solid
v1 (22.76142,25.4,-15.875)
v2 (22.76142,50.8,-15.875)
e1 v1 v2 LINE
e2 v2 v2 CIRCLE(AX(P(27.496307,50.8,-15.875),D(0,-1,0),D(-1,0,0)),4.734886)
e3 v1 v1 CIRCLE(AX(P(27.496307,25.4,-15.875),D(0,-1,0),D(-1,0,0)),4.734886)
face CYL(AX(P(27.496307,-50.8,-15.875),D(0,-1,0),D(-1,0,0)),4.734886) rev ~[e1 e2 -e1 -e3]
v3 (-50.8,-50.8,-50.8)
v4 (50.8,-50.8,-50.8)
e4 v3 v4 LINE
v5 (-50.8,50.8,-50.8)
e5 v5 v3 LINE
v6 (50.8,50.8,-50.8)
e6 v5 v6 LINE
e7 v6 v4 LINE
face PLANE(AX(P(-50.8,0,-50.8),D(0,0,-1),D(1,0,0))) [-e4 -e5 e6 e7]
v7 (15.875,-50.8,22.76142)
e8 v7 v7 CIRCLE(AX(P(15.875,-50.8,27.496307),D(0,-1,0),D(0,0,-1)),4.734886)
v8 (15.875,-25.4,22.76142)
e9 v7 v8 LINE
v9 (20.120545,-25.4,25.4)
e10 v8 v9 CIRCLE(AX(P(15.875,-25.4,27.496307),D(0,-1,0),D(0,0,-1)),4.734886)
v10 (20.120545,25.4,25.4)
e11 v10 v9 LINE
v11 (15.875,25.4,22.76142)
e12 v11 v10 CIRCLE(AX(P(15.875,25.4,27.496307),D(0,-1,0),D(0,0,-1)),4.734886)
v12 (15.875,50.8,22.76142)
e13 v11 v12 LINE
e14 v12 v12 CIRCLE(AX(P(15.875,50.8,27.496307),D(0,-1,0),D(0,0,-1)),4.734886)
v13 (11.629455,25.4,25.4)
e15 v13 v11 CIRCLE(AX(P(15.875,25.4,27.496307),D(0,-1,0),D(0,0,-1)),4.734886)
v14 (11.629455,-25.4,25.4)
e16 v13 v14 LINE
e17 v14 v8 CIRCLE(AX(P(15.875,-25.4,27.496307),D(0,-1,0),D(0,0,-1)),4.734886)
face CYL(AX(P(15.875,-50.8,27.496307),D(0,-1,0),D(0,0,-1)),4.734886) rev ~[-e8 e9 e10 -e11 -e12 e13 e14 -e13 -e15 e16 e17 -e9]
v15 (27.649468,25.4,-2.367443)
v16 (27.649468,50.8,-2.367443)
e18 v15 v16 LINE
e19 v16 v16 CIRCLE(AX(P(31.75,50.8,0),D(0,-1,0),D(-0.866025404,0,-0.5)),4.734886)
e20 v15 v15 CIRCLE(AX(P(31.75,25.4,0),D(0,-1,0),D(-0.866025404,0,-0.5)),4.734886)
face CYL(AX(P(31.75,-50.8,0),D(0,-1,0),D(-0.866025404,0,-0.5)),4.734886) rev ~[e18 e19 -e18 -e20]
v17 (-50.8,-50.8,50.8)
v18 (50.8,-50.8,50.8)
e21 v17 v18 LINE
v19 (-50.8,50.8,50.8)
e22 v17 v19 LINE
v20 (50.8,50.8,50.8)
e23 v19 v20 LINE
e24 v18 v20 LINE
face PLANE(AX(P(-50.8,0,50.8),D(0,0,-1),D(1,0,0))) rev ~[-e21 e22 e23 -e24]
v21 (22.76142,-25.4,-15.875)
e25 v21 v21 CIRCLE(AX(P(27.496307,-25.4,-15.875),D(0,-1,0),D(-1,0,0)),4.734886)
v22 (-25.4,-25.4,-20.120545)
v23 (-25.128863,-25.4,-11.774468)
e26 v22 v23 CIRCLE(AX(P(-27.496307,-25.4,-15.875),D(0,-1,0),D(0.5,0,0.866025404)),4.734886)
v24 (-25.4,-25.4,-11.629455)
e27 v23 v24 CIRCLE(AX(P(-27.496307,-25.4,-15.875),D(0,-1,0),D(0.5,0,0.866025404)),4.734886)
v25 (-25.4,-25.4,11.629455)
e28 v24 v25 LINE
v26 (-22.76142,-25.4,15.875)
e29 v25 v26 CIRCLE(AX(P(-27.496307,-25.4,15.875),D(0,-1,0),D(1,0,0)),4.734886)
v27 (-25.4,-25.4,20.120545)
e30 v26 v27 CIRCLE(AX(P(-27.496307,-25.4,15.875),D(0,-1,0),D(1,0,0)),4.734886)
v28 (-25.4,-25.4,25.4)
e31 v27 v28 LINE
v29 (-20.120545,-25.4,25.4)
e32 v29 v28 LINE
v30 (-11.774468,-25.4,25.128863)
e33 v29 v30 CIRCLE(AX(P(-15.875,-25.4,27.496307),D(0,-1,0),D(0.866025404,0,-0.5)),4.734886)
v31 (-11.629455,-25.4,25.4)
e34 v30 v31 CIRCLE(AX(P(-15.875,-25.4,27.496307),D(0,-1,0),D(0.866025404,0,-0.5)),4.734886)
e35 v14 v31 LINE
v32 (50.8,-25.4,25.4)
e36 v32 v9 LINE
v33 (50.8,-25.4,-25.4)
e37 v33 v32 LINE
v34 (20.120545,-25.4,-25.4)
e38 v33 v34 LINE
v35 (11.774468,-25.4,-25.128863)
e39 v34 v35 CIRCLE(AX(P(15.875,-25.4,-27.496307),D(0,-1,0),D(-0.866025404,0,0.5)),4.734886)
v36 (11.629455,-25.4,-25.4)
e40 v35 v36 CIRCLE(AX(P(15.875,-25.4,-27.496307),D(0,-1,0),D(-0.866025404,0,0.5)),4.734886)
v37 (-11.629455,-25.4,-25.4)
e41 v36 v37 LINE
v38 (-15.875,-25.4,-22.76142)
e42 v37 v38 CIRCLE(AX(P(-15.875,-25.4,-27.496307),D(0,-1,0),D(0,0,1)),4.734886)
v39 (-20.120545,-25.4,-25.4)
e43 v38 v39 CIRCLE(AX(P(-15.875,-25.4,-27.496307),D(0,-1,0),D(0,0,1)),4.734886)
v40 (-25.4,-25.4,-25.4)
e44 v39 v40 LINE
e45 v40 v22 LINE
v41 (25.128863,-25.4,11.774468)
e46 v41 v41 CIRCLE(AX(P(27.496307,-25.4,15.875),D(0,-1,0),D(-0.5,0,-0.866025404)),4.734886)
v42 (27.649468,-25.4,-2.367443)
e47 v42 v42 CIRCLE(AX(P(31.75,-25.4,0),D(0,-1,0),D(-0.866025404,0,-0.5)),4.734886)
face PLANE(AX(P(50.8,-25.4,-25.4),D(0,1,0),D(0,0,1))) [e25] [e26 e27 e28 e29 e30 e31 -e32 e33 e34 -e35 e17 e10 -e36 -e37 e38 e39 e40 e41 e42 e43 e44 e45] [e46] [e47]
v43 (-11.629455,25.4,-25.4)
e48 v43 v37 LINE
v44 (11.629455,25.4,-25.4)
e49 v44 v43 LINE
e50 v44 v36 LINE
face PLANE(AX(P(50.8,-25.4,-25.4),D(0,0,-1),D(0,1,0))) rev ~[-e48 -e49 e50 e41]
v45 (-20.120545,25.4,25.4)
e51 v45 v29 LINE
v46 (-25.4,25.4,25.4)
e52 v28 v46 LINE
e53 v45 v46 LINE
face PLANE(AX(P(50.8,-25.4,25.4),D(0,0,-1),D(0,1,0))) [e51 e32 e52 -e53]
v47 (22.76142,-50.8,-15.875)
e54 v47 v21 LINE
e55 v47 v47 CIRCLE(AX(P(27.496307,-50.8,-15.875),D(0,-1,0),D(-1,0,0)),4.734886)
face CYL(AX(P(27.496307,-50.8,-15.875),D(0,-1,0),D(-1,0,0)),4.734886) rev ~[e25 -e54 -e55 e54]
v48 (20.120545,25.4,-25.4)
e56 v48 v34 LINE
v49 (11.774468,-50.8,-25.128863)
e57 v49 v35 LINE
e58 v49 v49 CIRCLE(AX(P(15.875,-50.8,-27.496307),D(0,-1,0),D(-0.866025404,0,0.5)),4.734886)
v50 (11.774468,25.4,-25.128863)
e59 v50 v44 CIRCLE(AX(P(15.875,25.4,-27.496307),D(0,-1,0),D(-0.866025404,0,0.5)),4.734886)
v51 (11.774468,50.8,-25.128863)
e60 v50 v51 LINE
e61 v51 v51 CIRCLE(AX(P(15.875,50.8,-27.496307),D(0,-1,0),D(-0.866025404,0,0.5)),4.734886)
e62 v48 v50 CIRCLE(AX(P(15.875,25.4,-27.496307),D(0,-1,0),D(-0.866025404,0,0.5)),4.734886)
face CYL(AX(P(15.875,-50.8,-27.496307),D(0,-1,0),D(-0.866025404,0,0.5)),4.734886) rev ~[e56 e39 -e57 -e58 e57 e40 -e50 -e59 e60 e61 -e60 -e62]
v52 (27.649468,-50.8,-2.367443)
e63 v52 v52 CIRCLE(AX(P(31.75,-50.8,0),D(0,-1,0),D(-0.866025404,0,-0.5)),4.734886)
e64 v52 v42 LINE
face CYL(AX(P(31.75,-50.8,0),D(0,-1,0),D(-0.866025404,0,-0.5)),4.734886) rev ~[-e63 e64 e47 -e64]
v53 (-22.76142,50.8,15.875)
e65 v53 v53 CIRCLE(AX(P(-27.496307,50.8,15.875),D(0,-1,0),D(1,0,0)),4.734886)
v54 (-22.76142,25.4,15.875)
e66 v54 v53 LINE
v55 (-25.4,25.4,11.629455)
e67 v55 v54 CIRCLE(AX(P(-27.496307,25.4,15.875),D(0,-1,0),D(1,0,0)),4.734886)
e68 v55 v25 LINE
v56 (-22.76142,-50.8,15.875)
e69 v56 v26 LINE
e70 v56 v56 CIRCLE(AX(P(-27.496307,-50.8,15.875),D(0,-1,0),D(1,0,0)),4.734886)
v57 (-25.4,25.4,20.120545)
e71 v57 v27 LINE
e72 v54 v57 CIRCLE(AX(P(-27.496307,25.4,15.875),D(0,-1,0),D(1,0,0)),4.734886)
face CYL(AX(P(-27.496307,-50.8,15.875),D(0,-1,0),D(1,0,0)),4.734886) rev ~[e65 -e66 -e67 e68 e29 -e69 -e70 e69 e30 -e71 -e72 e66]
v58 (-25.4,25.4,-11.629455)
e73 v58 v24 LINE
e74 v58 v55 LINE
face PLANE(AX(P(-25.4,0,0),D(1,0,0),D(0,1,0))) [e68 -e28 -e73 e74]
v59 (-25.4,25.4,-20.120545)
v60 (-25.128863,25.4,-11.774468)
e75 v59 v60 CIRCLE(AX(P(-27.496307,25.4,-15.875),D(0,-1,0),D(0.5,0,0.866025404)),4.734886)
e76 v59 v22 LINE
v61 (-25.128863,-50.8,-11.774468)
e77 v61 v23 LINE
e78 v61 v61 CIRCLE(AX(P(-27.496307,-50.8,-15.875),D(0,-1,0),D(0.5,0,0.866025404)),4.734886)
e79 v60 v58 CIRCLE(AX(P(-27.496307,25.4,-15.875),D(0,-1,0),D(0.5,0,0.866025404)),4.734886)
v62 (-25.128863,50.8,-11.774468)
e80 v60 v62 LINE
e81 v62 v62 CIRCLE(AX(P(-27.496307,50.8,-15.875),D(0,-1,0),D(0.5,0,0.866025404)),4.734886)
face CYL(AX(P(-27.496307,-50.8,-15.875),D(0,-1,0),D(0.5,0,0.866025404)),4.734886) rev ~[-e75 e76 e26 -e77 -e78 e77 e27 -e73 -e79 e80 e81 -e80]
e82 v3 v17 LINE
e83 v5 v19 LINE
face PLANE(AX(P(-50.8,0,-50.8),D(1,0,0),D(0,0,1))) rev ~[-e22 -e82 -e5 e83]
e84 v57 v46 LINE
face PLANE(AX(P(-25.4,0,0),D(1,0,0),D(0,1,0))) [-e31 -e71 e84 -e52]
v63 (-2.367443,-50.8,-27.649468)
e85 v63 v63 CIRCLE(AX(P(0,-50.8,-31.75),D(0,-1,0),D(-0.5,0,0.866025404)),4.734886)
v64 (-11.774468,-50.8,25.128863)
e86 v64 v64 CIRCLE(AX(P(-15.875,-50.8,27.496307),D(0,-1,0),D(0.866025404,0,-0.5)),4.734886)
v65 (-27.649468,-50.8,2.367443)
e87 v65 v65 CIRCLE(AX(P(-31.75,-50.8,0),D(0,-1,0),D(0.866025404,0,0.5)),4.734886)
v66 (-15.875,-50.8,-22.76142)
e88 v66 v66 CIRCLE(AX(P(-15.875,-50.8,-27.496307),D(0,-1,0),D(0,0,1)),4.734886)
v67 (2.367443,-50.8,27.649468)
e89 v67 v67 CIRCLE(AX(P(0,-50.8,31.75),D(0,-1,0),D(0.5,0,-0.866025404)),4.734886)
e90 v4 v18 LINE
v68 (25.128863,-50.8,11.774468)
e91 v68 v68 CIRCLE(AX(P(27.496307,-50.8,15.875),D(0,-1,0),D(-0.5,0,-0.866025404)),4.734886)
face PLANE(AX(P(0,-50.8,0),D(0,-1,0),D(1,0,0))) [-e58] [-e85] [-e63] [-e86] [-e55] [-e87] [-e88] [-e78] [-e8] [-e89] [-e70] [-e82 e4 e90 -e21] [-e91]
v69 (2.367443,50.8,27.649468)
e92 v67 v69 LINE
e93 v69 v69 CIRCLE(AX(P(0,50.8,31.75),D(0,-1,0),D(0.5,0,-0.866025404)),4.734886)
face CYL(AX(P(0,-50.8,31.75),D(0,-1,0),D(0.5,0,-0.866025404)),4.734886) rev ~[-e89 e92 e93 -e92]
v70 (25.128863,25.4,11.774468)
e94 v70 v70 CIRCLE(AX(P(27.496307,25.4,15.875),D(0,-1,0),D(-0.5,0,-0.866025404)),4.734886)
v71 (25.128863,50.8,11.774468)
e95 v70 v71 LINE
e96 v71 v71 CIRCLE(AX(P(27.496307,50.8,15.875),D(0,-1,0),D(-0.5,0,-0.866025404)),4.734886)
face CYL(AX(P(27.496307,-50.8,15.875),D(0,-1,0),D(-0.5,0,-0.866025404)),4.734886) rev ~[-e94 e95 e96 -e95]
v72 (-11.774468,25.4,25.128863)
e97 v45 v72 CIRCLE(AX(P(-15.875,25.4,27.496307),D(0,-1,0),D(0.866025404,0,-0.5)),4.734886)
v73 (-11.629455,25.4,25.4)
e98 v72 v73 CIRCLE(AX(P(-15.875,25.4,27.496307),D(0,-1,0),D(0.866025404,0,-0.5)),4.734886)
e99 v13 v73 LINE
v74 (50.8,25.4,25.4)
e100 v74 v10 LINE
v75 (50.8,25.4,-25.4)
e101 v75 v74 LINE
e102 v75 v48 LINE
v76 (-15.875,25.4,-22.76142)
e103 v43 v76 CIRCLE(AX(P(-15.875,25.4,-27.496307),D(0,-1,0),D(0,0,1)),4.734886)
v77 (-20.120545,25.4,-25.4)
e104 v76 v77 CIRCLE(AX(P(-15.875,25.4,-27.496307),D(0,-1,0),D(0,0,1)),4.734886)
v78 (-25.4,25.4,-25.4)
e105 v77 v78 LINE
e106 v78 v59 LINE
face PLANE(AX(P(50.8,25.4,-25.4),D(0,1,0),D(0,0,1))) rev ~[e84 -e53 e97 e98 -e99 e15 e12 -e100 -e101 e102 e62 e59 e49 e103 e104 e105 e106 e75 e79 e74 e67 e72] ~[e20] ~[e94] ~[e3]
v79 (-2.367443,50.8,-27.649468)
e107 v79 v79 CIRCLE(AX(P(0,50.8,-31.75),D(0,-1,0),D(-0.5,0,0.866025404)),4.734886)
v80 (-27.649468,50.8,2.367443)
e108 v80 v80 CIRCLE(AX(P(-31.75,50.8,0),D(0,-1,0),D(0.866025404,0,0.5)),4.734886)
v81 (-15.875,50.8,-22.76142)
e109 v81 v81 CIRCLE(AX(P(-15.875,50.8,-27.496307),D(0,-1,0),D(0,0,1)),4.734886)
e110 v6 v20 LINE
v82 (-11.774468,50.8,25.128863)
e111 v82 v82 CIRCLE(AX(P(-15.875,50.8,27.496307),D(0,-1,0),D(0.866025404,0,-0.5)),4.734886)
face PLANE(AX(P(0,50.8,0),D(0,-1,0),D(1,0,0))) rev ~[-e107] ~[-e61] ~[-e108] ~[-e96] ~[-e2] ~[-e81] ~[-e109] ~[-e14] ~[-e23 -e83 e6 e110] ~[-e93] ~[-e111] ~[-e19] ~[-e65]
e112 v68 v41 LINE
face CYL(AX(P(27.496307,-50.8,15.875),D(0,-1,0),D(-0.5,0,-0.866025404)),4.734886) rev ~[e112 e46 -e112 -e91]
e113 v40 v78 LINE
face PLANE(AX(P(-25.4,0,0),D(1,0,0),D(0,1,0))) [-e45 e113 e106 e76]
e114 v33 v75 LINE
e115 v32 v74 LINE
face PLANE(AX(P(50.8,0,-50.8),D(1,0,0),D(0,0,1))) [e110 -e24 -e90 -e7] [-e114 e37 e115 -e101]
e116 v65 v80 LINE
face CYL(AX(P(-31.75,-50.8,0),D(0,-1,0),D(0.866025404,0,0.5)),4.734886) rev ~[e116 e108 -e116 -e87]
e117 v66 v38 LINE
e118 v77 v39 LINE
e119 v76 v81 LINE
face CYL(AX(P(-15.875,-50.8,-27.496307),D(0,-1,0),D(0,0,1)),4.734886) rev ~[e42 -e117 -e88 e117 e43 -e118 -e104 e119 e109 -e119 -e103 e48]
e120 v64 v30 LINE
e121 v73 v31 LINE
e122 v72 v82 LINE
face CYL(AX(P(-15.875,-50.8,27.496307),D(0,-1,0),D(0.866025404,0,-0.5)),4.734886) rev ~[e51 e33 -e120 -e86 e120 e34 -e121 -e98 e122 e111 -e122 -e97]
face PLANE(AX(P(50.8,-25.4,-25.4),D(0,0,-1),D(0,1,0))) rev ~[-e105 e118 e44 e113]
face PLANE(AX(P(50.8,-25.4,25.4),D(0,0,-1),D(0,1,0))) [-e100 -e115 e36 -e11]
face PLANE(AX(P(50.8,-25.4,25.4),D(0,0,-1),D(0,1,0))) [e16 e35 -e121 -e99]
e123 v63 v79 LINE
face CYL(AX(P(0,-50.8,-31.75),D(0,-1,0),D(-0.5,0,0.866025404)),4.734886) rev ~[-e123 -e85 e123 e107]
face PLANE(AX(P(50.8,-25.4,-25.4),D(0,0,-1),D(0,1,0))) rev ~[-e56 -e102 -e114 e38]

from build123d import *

# Parameters (mm, degrees)
F0_W     = 101.6
F0_H     = 101.6
F1_DEPTH = 50.8
F2_R     = 4.7348864271
F3_DEPTH = 101.601
F5_COUNT = 12
F5_ANGLE = 330
F6_W     = 50.8
F6_H     = 50.8
F7_DEPTH = 76.2


with BuildPart() as f1:
    # F0 (on Front) → F1 (new body, symmetric)
    with BuildSketch(Plane.XZ):
        Rectangle(F0_W, F0_H)
    extrude(amount=F1_DEPTH, both=True)

    # F2 (on face) → F3 (cut, through all)
    with BuildSketch(Plane.XZ.offset(50.8)):
        with Locations((-27.4963065702, 15.875)):
            Circle(F2_R)
    f3 = extrude(amount=-F3_DEPTH, mode=Mode.SUBTRACT)

    # F5: F3 ×12 about axis
    f5_axis = Axis((0, 0, 0), (0, -1, 0))
    for i in range(1, F5_COUNT):
        add(f3.rotate(f5_axis, i * F5_ANGLE / (F5_COUNT - 1)), mode=Mode.SUBTRACT)

    # F6 (on face) → F7 (cut)
    with BuildSketch(Plane.YZ.offset(50.8)):
        Rectangle(F6_W, F6_H)
    extrude(amount=-F7_DEPTH, mode=Mode.SUBTRACT)


solid = f1.part
